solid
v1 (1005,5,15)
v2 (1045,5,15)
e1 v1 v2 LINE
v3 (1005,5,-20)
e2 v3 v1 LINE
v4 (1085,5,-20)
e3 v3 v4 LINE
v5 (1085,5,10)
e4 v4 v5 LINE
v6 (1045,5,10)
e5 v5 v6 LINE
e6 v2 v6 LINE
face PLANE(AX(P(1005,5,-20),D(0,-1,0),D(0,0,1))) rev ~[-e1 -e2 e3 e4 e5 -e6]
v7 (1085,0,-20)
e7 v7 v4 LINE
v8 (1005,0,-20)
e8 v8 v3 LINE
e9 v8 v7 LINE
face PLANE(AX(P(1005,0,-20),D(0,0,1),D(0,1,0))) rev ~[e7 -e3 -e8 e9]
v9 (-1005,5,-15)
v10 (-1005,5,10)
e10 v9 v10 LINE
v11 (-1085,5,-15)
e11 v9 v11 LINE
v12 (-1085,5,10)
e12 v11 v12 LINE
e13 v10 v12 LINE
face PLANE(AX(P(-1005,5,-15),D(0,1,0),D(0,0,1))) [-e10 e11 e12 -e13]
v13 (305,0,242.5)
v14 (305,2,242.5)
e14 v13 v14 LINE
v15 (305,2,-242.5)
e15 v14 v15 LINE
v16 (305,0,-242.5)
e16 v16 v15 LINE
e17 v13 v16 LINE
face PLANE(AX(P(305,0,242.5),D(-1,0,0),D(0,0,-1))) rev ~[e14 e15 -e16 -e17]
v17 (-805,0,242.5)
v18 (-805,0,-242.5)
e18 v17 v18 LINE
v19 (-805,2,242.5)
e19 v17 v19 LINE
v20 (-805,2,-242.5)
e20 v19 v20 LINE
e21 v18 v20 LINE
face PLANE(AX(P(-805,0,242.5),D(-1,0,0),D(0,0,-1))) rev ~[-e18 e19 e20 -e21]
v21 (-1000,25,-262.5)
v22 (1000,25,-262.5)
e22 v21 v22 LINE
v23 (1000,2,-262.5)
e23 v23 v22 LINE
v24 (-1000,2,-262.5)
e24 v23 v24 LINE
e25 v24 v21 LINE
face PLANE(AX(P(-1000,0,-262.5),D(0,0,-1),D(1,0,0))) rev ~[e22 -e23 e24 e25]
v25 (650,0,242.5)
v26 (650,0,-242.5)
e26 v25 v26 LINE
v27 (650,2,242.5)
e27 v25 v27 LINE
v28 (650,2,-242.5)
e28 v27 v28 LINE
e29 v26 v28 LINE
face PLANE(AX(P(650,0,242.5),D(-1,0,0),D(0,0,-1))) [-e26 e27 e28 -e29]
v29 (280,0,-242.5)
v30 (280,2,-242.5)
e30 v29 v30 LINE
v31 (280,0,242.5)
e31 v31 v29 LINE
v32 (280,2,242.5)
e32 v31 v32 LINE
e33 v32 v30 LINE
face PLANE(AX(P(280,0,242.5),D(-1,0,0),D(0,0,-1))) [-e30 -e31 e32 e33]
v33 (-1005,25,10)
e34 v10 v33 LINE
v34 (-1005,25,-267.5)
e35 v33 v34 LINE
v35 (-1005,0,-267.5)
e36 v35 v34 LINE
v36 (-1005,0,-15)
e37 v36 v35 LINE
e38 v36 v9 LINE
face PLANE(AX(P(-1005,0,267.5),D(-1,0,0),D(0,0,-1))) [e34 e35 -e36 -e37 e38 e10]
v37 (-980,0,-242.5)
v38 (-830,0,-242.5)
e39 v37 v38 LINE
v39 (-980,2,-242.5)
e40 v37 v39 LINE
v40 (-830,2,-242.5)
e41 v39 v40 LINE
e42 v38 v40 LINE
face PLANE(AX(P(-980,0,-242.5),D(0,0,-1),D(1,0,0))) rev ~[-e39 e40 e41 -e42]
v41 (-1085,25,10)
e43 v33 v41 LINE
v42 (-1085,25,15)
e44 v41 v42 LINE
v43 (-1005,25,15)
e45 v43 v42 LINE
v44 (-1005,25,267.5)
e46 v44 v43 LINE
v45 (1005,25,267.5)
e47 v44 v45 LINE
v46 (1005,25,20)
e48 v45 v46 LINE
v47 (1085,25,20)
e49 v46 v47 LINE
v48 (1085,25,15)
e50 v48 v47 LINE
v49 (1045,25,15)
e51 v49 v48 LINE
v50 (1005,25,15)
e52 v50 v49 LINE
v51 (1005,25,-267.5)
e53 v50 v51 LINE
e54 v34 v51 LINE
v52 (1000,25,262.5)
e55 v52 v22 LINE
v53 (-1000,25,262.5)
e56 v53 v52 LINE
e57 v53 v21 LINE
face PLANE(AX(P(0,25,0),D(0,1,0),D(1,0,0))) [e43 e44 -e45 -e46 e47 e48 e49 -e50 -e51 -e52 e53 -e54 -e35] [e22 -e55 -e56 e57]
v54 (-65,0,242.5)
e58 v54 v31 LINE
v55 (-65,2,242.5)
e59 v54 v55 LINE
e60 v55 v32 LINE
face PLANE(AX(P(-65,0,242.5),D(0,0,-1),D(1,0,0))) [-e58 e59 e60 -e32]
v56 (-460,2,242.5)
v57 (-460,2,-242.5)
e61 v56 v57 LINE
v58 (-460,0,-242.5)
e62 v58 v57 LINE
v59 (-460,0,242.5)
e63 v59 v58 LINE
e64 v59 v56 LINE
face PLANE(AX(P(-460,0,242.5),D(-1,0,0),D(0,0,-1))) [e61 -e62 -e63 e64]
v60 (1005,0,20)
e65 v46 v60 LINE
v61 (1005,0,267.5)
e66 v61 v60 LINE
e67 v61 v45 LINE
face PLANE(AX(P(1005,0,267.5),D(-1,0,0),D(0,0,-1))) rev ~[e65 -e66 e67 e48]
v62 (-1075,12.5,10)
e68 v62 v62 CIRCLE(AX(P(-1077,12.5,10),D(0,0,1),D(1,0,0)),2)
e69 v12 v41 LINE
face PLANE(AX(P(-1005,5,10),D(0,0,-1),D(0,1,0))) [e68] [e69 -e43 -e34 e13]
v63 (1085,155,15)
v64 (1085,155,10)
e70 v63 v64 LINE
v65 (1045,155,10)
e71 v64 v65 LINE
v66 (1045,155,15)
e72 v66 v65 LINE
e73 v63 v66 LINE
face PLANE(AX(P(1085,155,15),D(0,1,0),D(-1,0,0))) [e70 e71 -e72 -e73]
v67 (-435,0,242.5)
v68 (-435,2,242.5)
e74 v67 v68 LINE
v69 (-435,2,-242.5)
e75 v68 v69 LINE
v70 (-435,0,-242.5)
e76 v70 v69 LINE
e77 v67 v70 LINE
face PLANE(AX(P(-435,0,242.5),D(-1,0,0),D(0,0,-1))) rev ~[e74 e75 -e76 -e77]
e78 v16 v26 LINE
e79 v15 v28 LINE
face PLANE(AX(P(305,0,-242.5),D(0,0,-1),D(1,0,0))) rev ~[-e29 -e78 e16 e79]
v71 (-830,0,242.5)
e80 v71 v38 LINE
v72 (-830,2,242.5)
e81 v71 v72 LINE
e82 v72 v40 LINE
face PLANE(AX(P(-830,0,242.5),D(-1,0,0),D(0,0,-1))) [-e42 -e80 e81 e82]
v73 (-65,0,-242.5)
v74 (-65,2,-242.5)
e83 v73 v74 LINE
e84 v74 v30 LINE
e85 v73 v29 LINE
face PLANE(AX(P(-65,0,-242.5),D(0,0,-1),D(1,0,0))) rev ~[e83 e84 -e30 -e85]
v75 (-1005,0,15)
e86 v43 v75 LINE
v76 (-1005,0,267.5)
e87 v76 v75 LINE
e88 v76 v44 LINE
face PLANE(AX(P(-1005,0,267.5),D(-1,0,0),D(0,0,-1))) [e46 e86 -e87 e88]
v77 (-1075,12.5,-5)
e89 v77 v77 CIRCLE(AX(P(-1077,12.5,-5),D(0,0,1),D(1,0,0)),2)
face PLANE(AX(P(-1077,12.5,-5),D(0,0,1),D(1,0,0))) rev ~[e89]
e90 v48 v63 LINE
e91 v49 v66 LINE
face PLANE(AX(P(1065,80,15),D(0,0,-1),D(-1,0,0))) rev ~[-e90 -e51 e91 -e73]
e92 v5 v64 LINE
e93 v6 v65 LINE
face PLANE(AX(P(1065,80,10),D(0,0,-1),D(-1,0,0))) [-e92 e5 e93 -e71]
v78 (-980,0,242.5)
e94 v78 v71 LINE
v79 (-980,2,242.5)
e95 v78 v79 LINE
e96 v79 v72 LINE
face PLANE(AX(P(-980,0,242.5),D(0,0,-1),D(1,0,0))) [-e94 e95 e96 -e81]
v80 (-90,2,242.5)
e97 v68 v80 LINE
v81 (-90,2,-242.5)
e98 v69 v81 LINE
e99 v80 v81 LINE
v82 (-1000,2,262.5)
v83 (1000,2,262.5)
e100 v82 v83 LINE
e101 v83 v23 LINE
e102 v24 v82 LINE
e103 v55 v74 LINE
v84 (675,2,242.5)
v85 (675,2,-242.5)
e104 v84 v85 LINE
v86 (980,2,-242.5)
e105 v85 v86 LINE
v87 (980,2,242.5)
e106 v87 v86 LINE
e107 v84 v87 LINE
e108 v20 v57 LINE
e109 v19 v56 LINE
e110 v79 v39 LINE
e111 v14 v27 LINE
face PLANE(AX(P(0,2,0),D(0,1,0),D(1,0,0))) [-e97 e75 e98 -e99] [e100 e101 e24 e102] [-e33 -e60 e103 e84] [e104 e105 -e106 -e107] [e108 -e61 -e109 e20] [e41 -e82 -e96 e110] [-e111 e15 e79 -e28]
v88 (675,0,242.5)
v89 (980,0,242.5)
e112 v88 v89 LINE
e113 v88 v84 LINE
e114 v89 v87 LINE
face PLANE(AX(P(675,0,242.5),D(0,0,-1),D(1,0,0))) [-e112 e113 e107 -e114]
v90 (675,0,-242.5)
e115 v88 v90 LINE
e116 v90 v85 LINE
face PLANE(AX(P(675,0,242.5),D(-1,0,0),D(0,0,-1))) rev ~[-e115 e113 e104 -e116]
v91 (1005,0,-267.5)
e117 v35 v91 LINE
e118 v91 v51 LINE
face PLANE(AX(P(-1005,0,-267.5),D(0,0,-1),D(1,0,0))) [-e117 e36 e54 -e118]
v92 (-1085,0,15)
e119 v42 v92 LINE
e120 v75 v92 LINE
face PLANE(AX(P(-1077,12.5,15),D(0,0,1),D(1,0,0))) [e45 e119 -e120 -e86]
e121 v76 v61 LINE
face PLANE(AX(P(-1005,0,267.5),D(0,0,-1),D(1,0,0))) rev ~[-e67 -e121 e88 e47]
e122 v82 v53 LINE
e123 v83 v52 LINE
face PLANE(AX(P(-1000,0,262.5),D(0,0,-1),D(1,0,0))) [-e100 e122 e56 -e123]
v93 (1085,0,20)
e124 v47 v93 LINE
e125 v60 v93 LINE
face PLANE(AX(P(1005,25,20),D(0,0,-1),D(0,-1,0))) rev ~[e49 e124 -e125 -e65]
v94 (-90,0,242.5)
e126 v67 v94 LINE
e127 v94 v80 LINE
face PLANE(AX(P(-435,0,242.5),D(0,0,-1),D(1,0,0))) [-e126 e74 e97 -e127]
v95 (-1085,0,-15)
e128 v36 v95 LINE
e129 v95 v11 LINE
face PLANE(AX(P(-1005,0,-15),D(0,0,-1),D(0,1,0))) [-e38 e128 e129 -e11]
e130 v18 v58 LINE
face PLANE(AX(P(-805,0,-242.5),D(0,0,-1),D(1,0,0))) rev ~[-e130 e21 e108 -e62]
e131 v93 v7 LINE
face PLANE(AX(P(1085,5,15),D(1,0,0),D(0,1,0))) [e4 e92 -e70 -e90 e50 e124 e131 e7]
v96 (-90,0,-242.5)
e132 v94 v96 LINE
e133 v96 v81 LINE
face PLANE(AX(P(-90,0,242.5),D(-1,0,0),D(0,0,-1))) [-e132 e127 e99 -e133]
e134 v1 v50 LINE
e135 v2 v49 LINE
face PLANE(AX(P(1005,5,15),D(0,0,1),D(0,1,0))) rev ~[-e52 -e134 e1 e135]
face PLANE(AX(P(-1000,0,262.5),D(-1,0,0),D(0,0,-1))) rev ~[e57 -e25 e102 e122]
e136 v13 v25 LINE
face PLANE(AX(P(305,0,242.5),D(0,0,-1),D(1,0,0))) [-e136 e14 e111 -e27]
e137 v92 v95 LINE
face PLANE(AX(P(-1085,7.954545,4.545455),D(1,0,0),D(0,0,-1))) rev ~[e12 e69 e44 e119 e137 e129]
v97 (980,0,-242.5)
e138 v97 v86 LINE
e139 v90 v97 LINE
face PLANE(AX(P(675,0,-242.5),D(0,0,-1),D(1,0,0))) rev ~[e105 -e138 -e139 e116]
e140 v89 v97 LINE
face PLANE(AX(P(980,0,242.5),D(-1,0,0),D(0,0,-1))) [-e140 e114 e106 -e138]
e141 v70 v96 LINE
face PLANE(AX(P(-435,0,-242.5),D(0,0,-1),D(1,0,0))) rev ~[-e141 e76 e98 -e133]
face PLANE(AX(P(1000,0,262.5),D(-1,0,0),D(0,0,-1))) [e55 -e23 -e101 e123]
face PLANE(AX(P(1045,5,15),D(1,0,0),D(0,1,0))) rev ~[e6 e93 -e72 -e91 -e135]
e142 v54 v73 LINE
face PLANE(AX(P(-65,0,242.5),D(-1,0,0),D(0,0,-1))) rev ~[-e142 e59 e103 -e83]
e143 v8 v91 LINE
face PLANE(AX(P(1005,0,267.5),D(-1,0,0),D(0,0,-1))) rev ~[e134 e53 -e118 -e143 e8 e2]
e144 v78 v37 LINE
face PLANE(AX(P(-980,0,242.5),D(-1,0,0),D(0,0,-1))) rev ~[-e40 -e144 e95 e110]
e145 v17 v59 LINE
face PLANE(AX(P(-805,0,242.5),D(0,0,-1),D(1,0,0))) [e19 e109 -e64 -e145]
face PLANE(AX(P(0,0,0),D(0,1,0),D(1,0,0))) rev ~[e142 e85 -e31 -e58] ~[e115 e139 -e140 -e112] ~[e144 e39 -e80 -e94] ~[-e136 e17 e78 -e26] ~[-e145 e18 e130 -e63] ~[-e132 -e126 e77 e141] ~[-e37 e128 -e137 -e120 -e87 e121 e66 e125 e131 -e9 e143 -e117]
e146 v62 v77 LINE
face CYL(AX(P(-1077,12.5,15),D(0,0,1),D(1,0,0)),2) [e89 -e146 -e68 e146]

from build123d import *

# Parameters (mm, degrees)
SKETCH1_W           = 150
SKETCH1_H           = 485
SKETCH1_W_2         = 345
SKETCH1_W_3         = 305
BOSS_EXTRUDE1_DEPTH = 2
SKETCH2_W           = 2010
SKETCH2_H           = 535
SKETCH2_W_2         = 2000
SKETCH2_H_2         = 525
BOSS_EXTRUDE2_DEPTH = 25
BOSS_EXTRUDE3_DEPTH = 80
SKETCH4_W           = 40
SKETCH4_H           = 150
BOSS_EXTRUDE4_DEPTH = 5
BOSS_EXTRUDE5_DEPTH = 80
SKETCH8_R           = 2
BOSS_EXTRUDE7_DEPTH = 20


with BuildPart() as part:
    # Sketch1 → Boss-Extrude1 (new body)
    with BuildSketch(Plane(origin=(0, 0, 0), x_dir=(1, 0, 0), z_dir=(0, 1, 0))):
        Polygon((1000, -262.5), (1000, 242.5), (1000, 262.5), (-1000, 262.5), (-1000, -262.5), align=None)
        with Locations((-905, 0)):
            Rectangle(SKETCH1_W, SKETCH1_H, mode=Mode.SUBTRACT)
        with Locations((-632.5, 0)):
            Rectangle(SKETCH1_W_2, SKETCH1_H, mode=Mode.SUBTRACT)
        with Locations((-262.5, 0)):
            Rectangle(SKETCH1_W_2, SKETCH1_H, mode=Mode.SUBTRACT)
        with Locations((107.5, 0)):
            Rectangle(SKETCH1_W_2, SKETCH1_H, mode=Mode.SUBTRACT)
        with Locations((827.5, 0)):
            Rectangle(SKETCH1_W_3, SKETCH1_H, mode=Mode.SUBTRACT)
        with Locations((477.5, 0)):
            Rectangle(SKETCH1_W_2, SKETCH1_H, mode=Mode.SUBTRACT)
    extrude(amount=BOSS_EXTRUDE1_DEPTH)

    # Sketch2 → Boss-Extrude2 (add)
    with BuildSketch(Plane(origin=(0, 0, 0), x_dir=(1, 0, 0), z_dir=(0, 1, 0))):
        Rectangle(SKETCH2_W, SKETCH2_H)
        Rectangle(SKETCH2_W_2, SKETCH2_H_2, mode=Mode.SUBTRACT)
    extrude(amount=BOSS_EXTRUDE2_DEPTH)

    # Sketch3 → Boss-Extrude3 (add)
    with BuildSketch(Plane(origin=(1005, 0, 0), x_dir=(0, 0, -1), z_dir=(1, 0, 0))):
        Polygon((-20, 25), (-20, 0), (20, 0), (20, 5), (-15, 5), (-15, 25), align=None)
    extrude(amount=BOSS_EXTRUDE3_DEPTH)

    # Sketch4 → Boss-Extrude4 (add)
    with BuildSketch(Plane(origin=(0, 0, 15), x_dir=(-1, 0, 0), z_dir=(0, 0, -1))):
        with Locations((-1065, 80)):
            Rectangle(SKETCH4_W, SKETCH4_H)
    extrude(amount=BOSS_EXTRUDE4_DEPTH)

    # Sketch5 → Boss-Extrude5 (add)
    with BuildSketch(Plane.ZY.offset(1005)):
        Polygon((15, 25), (15, 0), (-15, 0), (-15, 5), (10, 5), (10, 25), align=None)
    extrude(amount=BOSS_EXTRUDE5_DEPTH)

    # Sketch8 → Boss-Extrude7 (add)
    with BuildSketch(Plane.XY.offset(15)):
        with Locations((-1077, 12.5)):
            Circle(SKETCH8_R)
    extrude(amount=-BOSS_EXTRUDE7_DEPTH)


solid = part.part
